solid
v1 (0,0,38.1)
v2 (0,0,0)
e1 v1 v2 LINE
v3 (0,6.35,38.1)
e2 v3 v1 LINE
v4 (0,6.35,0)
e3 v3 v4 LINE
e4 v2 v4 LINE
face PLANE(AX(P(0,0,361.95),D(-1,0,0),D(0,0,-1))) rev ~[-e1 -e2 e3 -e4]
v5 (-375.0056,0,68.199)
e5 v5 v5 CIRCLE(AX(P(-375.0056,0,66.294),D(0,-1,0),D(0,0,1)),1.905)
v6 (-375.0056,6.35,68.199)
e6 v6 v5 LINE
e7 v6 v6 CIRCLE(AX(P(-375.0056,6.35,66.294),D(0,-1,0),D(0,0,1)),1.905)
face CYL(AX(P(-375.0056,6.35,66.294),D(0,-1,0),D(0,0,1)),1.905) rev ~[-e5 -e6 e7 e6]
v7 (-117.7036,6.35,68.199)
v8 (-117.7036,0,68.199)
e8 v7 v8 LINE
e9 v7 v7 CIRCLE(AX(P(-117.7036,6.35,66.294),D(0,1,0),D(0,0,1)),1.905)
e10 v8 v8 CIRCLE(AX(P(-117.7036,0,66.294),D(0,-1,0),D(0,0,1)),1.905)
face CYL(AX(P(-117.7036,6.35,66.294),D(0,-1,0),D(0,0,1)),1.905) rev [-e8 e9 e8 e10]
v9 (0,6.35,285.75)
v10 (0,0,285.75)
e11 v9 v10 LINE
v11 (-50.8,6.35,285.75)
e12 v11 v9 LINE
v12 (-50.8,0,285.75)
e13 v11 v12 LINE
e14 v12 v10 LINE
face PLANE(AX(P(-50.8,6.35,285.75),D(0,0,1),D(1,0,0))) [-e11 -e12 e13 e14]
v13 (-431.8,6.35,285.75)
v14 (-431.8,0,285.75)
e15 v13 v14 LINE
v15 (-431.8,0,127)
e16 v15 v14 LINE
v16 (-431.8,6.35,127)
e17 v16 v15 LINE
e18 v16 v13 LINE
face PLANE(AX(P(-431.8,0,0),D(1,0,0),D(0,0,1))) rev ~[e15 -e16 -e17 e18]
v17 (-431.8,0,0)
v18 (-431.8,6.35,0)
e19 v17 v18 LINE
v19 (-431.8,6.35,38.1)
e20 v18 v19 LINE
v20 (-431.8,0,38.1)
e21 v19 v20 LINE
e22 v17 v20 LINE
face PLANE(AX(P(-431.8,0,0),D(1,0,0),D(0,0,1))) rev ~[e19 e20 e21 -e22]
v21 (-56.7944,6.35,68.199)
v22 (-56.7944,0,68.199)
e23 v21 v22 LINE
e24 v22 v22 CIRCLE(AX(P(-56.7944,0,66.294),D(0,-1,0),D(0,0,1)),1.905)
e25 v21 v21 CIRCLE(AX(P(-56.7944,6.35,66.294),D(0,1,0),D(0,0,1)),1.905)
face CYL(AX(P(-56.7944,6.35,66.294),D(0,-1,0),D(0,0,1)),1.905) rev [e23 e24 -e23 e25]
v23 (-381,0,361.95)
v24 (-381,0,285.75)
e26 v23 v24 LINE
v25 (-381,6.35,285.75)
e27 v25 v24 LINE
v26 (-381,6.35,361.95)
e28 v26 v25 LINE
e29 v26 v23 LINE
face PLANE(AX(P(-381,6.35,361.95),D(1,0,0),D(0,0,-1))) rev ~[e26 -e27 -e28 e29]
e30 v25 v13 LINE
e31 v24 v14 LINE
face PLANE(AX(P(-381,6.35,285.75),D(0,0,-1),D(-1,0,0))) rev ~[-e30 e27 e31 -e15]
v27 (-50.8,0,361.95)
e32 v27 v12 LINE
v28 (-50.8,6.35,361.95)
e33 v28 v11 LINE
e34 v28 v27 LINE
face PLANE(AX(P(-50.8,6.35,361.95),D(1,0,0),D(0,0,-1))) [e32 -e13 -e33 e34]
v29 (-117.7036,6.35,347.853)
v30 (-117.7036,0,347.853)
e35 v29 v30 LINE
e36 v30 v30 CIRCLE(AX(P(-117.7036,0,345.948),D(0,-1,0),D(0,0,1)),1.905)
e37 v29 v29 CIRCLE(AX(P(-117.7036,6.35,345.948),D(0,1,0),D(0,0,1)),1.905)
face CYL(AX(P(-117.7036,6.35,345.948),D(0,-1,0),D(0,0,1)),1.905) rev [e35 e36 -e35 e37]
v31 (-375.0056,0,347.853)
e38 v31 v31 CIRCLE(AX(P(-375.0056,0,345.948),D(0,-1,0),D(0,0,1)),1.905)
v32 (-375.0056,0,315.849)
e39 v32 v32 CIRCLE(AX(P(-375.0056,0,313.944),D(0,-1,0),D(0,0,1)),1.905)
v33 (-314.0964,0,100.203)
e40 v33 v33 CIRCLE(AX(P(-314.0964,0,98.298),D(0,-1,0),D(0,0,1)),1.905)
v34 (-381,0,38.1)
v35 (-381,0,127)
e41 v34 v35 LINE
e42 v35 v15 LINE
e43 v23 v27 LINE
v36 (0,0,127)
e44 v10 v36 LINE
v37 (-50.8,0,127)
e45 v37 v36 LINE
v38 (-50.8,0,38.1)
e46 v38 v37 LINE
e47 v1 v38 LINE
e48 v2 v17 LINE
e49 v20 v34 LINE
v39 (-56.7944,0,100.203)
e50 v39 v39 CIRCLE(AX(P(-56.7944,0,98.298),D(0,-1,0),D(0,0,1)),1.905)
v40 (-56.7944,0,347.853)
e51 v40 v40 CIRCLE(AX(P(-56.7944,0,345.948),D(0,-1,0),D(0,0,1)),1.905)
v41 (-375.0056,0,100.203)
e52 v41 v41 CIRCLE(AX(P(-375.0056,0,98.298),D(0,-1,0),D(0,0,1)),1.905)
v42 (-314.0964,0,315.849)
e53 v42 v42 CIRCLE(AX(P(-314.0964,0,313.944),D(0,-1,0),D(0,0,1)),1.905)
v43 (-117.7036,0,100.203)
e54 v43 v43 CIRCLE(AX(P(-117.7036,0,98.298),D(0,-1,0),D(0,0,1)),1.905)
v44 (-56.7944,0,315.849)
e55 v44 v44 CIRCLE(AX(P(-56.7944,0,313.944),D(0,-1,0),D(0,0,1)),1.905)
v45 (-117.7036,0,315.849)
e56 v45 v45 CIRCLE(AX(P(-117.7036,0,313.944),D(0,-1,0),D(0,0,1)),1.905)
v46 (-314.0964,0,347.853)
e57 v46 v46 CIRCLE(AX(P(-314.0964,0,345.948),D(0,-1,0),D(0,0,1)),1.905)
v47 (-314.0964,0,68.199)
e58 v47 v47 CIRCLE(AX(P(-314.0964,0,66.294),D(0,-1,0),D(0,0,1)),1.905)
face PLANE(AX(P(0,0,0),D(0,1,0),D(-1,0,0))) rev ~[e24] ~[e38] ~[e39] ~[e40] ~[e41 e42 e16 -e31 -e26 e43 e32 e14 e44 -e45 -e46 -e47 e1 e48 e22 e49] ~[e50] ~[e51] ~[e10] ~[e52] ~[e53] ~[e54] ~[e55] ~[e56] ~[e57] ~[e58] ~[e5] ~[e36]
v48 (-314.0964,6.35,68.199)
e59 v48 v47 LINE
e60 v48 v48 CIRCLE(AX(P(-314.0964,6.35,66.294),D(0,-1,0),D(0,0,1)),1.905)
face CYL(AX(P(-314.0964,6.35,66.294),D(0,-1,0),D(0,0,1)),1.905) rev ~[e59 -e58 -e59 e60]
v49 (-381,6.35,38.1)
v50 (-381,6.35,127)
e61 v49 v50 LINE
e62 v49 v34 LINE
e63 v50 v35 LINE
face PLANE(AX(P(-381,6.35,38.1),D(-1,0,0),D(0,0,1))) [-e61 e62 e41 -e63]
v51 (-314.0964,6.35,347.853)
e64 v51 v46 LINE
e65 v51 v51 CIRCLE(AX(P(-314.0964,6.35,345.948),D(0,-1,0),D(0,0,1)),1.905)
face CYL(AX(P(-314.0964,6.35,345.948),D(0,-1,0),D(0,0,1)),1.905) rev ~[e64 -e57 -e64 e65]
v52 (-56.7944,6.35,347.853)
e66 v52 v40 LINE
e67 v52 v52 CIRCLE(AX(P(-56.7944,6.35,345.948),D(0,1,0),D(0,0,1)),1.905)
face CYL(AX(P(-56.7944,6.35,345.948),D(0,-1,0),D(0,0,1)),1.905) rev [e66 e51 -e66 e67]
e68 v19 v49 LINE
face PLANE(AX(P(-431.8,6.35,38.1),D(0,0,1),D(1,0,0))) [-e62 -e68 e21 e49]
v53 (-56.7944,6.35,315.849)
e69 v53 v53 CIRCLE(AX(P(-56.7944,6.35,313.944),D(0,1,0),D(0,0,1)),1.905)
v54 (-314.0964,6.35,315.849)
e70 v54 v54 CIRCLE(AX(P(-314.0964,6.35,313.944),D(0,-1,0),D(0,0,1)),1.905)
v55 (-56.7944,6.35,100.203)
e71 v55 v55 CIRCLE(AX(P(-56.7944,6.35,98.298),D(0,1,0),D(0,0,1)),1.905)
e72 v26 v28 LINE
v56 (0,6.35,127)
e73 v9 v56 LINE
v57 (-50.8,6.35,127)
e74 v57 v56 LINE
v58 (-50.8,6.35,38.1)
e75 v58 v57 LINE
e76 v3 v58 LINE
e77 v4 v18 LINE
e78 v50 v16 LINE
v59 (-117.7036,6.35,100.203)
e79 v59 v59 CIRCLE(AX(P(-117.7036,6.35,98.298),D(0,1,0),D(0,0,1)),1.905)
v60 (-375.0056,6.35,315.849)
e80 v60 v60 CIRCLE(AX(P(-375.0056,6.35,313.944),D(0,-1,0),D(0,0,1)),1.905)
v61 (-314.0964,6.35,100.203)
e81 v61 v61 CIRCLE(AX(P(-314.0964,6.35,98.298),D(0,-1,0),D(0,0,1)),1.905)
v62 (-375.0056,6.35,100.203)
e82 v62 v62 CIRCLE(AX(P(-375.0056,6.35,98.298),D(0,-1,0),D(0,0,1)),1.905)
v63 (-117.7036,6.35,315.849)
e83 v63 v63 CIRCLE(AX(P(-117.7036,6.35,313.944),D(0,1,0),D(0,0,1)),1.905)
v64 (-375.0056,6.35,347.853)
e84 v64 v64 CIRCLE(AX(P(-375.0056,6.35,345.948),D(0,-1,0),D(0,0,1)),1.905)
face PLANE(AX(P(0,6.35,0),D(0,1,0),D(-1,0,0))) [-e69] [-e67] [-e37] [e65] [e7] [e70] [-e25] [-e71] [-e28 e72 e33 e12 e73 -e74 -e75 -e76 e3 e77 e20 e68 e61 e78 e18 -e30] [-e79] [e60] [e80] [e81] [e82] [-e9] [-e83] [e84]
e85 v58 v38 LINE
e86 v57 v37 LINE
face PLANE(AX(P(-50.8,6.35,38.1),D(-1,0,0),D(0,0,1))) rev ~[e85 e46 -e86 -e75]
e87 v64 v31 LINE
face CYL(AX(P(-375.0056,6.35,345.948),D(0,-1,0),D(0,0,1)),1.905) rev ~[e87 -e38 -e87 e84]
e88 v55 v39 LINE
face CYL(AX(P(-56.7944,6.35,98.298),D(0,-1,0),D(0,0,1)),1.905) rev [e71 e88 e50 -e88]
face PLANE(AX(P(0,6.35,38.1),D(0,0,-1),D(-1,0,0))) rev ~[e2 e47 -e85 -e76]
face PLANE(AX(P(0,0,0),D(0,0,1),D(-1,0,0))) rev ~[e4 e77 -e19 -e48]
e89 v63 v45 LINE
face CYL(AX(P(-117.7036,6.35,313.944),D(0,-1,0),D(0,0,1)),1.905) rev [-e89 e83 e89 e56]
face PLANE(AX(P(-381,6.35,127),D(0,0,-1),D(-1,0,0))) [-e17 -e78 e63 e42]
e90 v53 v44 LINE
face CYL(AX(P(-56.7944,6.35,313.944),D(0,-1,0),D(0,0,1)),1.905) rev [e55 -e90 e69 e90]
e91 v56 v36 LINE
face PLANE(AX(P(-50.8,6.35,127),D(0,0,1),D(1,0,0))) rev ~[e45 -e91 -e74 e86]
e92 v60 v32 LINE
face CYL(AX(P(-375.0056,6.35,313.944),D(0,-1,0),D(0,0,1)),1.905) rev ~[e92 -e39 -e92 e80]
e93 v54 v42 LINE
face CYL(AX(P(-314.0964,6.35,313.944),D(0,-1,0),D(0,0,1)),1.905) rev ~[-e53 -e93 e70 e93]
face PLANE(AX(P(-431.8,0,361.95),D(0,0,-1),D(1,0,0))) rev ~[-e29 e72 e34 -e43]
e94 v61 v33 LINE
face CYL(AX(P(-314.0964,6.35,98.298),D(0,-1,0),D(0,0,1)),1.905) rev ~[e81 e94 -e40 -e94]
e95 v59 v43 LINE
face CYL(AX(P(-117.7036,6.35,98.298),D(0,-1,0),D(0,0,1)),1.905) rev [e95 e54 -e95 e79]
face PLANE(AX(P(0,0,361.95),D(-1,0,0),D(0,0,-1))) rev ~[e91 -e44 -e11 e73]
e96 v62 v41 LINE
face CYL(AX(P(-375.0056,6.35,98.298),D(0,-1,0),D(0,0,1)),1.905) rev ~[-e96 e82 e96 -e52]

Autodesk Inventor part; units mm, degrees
ref_plane "YZ Plane" through (0, 0, 0) normal (1, 0, 0) x (0, 1, 0)
ref_plane "XZ Plane" through (0, 0, 0) normal (0, 1, 0) x (-1, 0, 0)
sketch "Sketch1" plane through (0, 0, 0) normal (0, 1, 0) x (-1, 0, 0)
  line L0 (0, 0) -> (431.8, 0)
  line L1 (431.8, 0) -> (431.8, 361.95)
  line L2 (431.8, 361.95) -> (0, 361.95)
  line L3 (0, 361.95) -> (0, 0)
  dimension "d0" = 431.8
  dimension "d1" = 361.95
extrude "Extrusion1" add sketch "Sketch1" along normal blind 6.35
sketch "Sketch3" plane through (0, 6.35, 0) normal (0, 1, 0) x (1, 0, 0)
  line L0 (-431.8, 0) -> (-431.8, -361.95) projected
  line L1 (-431.8, -361.95) -> (-381, -361.95)
  line L2 (-381, -361.95) -> (-381, -285.75)
  line L3 (-381, -285.75) -> (-431.8, -285.75)
  line L4 (-431.8, -285.75) -> (-431.8, -361.95)
  line L5 (-431.8, -38.1) -> (-381, -38.1)
  line L6 (-381, -38.1) -> (-381, -127)
  line L7 (-381, -127) -> (-431.8, -127)
  line L8 (-431.8, -127) -> (-431.8, -38.1)
  line L9 (0, -361.95) -> (0, 0) projected
  line L10 (0, -38.1) -> (-50.8, -38.1)
  line L11 (-50.8, -38.1) -> (-50.8, -127)
  line L12 (-50.8, -127) -> (0, -127)
  line L13 (0, -127) -> (0, -38.1)
  line L14 (0, -361.95) -> (-50.8, -361.95)
  line L15 (-50.8, -361.95) -> (-50.8, -285.75)
  line L16 (-50.8, -285.75) -> (0, -285.75)
  line L17 (0, -285.75) -> (0, -361.95)
  line L18 (0, 0) -> (-431.8, 0) projected
  dimension "d11" = 76.2
  dimension "d12" = 88.9
  dimension "d13" = 127
  dimension "d14" = 50.8
  dimension "d15" = 50.8
extrude "Extrusion3" cut sketch "Sketch3" against normal blind 6.35
sketch "Sketch4" plane through (0, 6.35, 0) normal (0, 1, 0) x (1, 0, 0)
  line L0 (0, 0) -> (-431.8, 0) projected
  line L1 (-381, -38.1) -> (-381, -127) projected
  line L2 (-381, -285.75) -> (-381, -361.95) projected
  line L3 (-381, -361.95) -> (-50.8, -361.95) projected
  point P0 (-375.0056, -66.294)
  point P1 (-375.0056, -98.298)
  point P2 (-314.0964, -66.294)
  point P3 (-314.0964, -98.298)
  point P4 (-375.0056, -345.948)
  point P5 (-375.0056, -313.944)
  point P6 (-314.0964, -345.948)
  point P7 (-314.0964, -313.944)
  dimension "d18" = 66.294
  dimension "d19" = 5.9944
  dimension "d20" = 98.298
  dimension "d21" = 5.9944
  dimension "d22" = 66.9036
  dimension "d23" = 66.294
  dimension "d24" = 98.298
  dimension "d25" = 66.9036
  dimension "d26" = 5.9944
  dimension "d27" = 16.002
  dimension "d28" = 5.9944
  dimension "d29" = 48.006
  dimension "d30" = 66.9036
  dimension "d31" = 66.9036
  dimension "d32" = 16.002
  dimension "d33" = 48.006
hole "Hole1" at (-375.0056, 6.35, 66.294) at (-375.0056, 6.35, 98.298) at (-314.0964, 6.35, 66.294) at (-314.0964, 6.35, 98.298) at (-375.0056, 6.35, 345.948) at (-375.0056, 6.35, 313.944) at (-314.0964, 6.35, 345.948) at (-314.0964, 6.35, 313.944) direction (0, -1, 0) diameter 3.81 end through all
ref_plane "Work Plane1" through (-215.9, 0, 285.75) normal (1, 0, 0) x (0, 0, -1)
mirror "Mirror1" about plane through (-215.9, 0, 285.75) normal (1, 0, 0) of "Hole1"
equation "\"d18\" = d23"
equation "\"d19\" = d21"
equation "\"d22\" = d25"
equation "\"d24\" = d20"
equation "\"d26\" = d21"
equation "\"d27\" = d32"
equation "\"d28\" = d21"
equation "\"d30\" = d25"
equation "\"d31\" = d25"
equation "\"d33\" = d29"
properties part number "Gen 2.0 rev mecanums base plate"
